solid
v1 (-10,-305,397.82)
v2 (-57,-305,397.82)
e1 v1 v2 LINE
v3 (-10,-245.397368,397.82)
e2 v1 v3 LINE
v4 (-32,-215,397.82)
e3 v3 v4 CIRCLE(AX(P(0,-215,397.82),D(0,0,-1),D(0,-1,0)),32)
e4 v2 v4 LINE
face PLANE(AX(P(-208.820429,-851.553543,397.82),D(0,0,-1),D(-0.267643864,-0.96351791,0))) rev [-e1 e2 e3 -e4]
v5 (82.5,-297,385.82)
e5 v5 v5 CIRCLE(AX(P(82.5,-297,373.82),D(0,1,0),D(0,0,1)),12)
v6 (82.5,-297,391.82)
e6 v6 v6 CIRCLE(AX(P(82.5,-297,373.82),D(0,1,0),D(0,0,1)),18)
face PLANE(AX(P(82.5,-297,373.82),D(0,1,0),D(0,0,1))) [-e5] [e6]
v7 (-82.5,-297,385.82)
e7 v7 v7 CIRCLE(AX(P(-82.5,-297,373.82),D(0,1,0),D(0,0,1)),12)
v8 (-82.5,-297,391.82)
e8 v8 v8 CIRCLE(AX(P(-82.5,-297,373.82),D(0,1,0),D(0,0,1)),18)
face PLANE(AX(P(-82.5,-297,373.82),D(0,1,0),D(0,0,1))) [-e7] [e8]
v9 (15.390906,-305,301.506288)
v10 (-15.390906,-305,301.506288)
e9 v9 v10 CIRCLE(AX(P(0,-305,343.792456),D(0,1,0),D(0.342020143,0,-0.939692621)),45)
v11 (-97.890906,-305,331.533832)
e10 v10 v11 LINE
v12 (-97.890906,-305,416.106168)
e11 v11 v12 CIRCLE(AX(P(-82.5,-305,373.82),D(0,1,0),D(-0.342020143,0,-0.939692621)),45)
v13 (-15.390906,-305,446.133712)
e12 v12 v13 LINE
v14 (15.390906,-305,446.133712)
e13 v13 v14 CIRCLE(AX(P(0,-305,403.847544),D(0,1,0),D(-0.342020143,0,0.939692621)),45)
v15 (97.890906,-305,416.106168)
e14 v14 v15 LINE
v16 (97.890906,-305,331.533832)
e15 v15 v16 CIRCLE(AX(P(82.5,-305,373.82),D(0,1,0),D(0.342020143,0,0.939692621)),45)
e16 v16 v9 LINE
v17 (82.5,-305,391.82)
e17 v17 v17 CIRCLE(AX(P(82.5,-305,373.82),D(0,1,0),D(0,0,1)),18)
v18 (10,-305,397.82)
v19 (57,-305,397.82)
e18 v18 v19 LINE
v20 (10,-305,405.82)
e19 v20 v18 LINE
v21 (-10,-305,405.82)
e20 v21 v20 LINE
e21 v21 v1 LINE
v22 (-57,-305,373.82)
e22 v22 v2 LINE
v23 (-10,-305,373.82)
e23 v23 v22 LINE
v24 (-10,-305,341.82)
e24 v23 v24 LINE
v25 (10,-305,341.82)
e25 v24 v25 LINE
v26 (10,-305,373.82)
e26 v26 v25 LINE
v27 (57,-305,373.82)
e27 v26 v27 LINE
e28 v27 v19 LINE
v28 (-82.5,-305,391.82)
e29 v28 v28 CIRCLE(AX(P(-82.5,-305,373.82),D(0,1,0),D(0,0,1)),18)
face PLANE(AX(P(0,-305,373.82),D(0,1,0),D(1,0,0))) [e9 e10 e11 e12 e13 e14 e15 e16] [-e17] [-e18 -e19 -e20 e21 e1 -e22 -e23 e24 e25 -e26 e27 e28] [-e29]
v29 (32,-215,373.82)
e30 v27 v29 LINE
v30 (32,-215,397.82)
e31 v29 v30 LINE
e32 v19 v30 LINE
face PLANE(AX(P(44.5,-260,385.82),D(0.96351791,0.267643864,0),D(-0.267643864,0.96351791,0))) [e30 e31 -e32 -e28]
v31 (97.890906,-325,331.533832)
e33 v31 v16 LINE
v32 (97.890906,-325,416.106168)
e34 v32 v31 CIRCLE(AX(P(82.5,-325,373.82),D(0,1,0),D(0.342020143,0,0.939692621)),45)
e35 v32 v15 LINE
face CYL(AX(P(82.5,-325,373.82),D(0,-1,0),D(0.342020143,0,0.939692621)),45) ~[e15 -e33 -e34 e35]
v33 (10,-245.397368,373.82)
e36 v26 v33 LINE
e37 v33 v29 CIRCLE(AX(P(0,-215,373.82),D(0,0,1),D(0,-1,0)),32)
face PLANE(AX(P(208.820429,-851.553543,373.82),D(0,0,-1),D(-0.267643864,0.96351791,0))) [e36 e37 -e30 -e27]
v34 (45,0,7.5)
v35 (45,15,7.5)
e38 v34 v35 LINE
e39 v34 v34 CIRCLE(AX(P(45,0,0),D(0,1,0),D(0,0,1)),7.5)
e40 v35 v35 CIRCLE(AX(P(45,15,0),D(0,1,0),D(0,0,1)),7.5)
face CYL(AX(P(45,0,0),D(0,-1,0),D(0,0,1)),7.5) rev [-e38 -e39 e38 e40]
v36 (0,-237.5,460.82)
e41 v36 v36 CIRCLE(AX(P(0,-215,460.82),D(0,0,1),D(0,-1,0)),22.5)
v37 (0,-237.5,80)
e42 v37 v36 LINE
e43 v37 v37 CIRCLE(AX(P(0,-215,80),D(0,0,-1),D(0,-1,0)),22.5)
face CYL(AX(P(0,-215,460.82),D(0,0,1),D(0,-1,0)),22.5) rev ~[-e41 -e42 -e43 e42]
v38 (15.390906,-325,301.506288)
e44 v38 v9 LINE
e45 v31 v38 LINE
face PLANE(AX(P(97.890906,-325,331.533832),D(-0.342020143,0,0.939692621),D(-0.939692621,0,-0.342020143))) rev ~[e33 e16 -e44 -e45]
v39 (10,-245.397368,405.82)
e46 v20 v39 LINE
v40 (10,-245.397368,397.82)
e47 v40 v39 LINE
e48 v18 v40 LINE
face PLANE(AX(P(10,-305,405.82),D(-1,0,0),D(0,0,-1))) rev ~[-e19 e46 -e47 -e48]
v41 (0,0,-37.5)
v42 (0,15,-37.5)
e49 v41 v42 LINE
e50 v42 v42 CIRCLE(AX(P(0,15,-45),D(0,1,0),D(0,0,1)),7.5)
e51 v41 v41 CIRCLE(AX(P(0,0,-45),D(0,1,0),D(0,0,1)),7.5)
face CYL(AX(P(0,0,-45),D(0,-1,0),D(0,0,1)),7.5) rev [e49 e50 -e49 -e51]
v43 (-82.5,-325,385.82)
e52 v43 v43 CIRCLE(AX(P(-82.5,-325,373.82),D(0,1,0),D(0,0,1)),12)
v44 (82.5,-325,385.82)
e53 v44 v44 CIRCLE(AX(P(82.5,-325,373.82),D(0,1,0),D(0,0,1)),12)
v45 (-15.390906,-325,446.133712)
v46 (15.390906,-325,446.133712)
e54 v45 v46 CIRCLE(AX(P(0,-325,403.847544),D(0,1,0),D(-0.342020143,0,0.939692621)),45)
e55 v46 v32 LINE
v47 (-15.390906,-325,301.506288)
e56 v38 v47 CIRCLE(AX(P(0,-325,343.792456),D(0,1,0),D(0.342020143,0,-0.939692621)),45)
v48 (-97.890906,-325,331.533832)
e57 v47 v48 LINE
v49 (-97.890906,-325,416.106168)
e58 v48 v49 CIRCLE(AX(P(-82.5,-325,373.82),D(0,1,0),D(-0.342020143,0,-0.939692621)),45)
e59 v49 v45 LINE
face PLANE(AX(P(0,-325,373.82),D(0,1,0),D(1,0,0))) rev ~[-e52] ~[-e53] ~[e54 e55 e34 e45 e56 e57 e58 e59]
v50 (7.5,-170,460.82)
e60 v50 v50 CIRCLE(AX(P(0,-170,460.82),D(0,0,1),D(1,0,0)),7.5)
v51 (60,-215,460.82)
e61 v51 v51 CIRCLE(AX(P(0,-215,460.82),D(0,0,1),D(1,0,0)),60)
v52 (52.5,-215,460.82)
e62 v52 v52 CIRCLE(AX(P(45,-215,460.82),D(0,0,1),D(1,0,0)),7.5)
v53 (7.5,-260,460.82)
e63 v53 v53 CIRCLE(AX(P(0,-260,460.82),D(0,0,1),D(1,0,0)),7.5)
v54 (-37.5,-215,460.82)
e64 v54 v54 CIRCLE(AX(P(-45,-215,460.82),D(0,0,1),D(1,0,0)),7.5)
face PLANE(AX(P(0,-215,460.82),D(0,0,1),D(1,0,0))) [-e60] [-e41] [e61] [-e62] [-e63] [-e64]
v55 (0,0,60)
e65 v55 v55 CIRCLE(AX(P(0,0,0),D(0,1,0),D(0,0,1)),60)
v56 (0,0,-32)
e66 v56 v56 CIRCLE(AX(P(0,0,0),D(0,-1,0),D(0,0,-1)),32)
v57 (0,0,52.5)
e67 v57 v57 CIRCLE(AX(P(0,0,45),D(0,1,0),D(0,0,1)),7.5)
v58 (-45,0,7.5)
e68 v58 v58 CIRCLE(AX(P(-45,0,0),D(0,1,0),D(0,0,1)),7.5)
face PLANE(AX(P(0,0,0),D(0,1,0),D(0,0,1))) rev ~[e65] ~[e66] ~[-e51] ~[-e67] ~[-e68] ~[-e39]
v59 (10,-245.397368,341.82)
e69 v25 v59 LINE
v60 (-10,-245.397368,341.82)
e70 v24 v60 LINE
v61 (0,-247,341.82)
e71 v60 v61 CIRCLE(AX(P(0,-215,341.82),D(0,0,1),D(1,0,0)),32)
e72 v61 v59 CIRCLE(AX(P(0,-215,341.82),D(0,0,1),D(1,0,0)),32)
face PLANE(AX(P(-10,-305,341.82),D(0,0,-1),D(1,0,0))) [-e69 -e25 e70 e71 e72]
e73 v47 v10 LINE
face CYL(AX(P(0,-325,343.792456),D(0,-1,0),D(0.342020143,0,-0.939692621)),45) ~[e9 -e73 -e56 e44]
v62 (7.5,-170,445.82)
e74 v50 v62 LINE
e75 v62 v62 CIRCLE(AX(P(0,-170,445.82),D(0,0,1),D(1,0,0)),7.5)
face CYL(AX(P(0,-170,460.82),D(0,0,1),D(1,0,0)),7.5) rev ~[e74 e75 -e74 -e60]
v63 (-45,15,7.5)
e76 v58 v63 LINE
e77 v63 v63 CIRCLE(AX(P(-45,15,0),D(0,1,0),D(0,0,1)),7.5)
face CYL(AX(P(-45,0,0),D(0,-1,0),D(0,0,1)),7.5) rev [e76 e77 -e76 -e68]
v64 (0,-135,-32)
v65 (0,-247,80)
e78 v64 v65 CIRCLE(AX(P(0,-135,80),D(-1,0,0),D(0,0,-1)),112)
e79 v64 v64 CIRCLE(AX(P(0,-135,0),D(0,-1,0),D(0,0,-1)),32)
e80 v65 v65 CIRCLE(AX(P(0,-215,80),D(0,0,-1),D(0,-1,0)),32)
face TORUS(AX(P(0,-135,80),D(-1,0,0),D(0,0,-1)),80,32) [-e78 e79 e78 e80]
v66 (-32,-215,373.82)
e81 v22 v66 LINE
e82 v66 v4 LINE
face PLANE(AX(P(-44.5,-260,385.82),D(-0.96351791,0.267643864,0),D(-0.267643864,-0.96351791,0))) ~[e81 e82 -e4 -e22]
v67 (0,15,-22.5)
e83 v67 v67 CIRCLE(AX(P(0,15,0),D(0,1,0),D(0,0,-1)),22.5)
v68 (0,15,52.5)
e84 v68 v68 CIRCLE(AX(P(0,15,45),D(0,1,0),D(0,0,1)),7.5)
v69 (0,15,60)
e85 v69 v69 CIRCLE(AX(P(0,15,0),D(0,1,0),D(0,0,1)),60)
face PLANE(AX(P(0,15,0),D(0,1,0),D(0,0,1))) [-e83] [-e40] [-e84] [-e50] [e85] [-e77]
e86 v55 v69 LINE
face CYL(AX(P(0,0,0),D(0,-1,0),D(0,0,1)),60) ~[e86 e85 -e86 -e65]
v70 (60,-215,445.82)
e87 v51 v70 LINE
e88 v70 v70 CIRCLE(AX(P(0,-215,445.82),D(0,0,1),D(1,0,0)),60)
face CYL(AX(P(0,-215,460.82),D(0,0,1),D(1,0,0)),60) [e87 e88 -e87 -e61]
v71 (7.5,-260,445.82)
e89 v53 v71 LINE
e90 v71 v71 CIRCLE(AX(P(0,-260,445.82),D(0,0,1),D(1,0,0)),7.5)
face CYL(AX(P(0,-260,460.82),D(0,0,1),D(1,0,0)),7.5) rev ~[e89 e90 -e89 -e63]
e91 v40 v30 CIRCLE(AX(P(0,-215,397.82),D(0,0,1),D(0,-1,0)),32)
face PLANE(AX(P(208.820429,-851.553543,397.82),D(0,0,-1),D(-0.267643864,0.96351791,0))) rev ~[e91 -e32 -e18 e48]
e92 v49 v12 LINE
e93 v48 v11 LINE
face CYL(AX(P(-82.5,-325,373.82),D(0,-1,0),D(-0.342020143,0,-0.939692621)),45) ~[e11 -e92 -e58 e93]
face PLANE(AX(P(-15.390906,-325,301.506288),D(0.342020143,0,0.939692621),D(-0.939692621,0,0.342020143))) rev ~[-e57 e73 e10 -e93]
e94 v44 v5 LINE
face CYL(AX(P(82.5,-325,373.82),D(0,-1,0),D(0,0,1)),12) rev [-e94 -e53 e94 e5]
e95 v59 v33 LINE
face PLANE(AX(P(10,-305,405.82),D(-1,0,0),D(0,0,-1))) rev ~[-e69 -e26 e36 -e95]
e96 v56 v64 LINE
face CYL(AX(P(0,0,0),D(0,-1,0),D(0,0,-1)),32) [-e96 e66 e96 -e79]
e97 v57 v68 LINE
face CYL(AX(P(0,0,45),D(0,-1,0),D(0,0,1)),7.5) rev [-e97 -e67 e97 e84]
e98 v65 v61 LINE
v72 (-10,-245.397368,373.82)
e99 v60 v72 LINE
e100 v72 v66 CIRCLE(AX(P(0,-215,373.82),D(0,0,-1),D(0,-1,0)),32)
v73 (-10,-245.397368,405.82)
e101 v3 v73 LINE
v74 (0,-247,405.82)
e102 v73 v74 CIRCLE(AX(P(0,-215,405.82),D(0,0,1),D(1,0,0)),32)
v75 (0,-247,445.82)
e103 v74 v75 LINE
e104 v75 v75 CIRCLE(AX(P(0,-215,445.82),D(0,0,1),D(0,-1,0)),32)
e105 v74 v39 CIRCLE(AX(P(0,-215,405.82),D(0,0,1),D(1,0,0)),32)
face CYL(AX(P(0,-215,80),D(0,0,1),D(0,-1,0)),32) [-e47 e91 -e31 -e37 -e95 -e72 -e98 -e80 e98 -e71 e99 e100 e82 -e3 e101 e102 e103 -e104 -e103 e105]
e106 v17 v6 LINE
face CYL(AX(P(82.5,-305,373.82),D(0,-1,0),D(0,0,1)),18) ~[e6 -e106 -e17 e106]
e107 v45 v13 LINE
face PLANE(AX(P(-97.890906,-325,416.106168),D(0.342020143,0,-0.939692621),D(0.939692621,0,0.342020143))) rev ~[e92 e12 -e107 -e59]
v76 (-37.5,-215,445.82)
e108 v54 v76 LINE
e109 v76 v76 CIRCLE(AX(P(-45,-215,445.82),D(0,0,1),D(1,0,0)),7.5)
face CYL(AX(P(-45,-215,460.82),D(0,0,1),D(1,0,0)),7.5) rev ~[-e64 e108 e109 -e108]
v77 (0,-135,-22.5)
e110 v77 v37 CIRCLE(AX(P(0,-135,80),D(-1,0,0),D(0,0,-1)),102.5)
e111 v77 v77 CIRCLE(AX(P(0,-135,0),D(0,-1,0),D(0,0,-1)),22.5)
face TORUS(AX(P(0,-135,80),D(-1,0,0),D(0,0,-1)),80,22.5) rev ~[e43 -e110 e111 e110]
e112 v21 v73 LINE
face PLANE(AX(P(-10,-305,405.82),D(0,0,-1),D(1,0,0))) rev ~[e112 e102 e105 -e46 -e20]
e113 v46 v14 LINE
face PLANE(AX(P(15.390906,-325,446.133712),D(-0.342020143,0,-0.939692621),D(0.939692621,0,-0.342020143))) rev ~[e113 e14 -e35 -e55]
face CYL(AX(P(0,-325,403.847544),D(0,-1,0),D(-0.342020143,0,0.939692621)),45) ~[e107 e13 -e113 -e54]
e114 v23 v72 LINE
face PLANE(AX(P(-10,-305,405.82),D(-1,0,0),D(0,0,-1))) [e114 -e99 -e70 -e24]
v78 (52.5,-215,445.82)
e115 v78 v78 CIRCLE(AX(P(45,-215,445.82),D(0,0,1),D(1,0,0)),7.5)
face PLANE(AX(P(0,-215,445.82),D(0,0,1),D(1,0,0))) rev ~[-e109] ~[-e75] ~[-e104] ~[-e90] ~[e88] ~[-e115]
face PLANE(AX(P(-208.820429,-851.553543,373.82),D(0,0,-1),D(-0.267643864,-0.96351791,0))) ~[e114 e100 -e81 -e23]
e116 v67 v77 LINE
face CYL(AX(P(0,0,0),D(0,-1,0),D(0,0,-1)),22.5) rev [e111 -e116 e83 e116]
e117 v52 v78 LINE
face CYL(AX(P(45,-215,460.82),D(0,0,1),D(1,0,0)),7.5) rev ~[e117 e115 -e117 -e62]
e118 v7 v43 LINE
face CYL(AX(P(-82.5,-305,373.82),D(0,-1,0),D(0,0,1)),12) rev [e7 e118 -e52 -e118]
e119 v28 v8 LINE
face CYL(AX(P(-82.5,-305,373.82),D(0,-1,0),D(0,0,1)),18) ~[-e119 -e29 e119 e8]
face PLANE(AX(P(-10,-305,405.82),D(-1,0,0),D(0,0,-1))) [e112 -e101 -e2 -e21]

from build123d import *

# Parameters (mm, degrees)
SWEEP_THIN1_PROFILE_R    = 32
SWEEP_THIN1_PROFILE_R_2  = 22.5
SKETCH16_R               = 60
SKETCH16_R_2             = 7.5
SKETCH16_R_3             = 22.5
BOSS_EXTRUDE1_DEPTH      = 15
BOSS_EXTRUDE2_START      = 15
SKETCH17_R               = 60
SKETCH17_R_2             = 22.5
SKETCH17_R_3             = 7.5
BOSS_EXTRUDE2_DEPTH      = 15
SKETCH24_R               = 12
BOSS_EXTRUDE3_DEPTH      = 20
EXTRUDE_THIN1_REACH      = 577.336
EXTRUDE_THIN1_END_RADIUS = 32
SKETCH26_W               = 20
SKETCH26_H               = 64
RIB1_REACH               = 568.248
SKETCH27_WALL_W          = 1227.903575826
SKETCH27_WALL_H          = 24
SKETCH28_R               = 18
SKETCH28_R_2             = 12
BOSS_EXTRUDE4_DEPTH      = 8


with BuildPart() as part:
    # Sweep-Thin1: sweep along a path in Sketch1
    with BuildLine(Plane(origin=(0, 0, 0), x_dir=(0, 0, -1), z_dir=(1, 0, 0))) as sweep_thin1_path:
        Line((0, 0), (0, -135))
        ThreePointArc((0, -135), (-23.431457505, -191.568542495), (-80, -215))
        Line((-80, -215), (-445.82, -215))
    # Sweep-Thin1 profile (on start of the path) → Sweep-Thin1 (sweep)
    with BuildSketch(Plane(origin=(0, 0, 0), x_dir=(0, 0, -1), z_dir=(0, -1, 0))):
        Circle(SWEEP_THIN1_PROFILE_R)
        Circle(SWEEP_THIN1_PROFILE_R_2, mode=Mode.SUBTRACT)
    sweep(path=sweep_thin1_path.line)

    # Sketch16 → Boss-Extrude1 (add)
    with BuildSketch(Plane(origin=(0, 0, 0), x_dir=(1, 0, 0), z_dir=(0, 1, 0))):
        with Locations(Location((0, 0, 0), (0, 0, 270))):
            Circle(SKETCH16_R)
        with Locations(Location((0, -45, 0), (0, 0, 270))):
            Circle(SKETCH16_R_2, mode=Mode.SUBTRACT)
        with Locations(Location((-45, 0, 0), (0, 0, 270))):
            Circle(SKETCH16_R_2, mode=Mode.SUBTRACT)
        with Locations(Location((0, 45, 0), (0, 0, 270))):
            Circle(SKETCH16_R_2, mode=Mode.SUBTRACT)
        with Locations(Location((45, 0, 0), (0, 0, 270))):
            Circle(SKETCH16_R_2, mode=Mode.SUBTRACT)
        with Locations(Location((0, 0, 0), (0, 0, 90))):
            Circle(SKETCH16_R_3, mode=Mode.SUBTRACT)
    extrude(amount=BOSS_EXTRUDE1_DEPTH)

    # Sketch17 → Boss-Extrude2 (add)
    with BuildSketch(Plane.XY.offset(445.82).offset(BOSS_EXTRUDE2_START)):
        with Locations((0, -215)):
            Circle(SKETCH17_R)
        with Locations(Location((0, -215, 0), (0, 0, 270))):
            Circle(SKETCH17_R_2, mode=Mode.SUBTRACT)
        with Locations((0, -260)):
            Circle(SKETCH17_R_3, mode=Mode.SUBTRACT)
        with Locations((-45, -215)):
            Circle(SKETCH17_R_3, mode=Mode.SUBTRACT)
        with Locations((45, -215)):
            Circle(SKETCH17_R_3, mode=Mode.SUBTRACT)
        with Locations((0, -170)):
            Circle(SKETCH17_R_3, mode=Mode.SUBTRACT)
    extrude(amount=-BOSS_EXTRUDE2_DEPTH)



with BuildPart() as body_2:
    # Sketch24 → Boss-Extrude3 (new body)
    with BuildSketch(Plane(origin=(0, -325, 0), x_dir=(1, 0, 0), z_dir=(0, 1, 0))):
        with BuildLine():
            Line((15.39090645, -446.133712262), (97.89090645, -416.106167935))
            ThreePointArc((97.89090645, -416.106167935), (127.5, -373.82), (97.89090645, -331.533832065))
            Line((97.89090645, -331.533832065), (15.39090645, -301.506287738))
            ThreePointArc((15.39090645, -301.506287738), (0, -298.792455673), (-15.39090645, -301.506287738))
            Line((-15.39090645, -301.506287738), (-97.89090645, -331.533832065))
            ThreePointArc((-97.89090645, -331.533832065), (-127.5, -373.82), (-97.89090645, -416.106167935))
            Line((-97.89090645, -416.106167935), (-15.39090645, -446.133712262))
            ThreePointArc((-15.39090645, -446.133712262), (0, -448.847544327), (15.39090645, -446.133712262))
        make_face()
        with Locations(Location((-82.5, -373.82, 0), (0, 0, 270))):
            Circle(SKETCH24_R, mode=Mode.SUBTRACT)
        with Locations(Location((82.5, -373.82, 0), (0, 0, 270))):
            Circle(SKETCH24_R, mode=Mode.SUBTRACT)
    extrude(amount=BOSS_EXTRUDE3_DEPTH)


with BuildPart() as part_1:
    add(part.part)

    add(body_2.part)  # Extrude-Thin1 merges body 2
    # Extrude-Thin1: up to this cylinder (the profile starts outside it)
    extrude_thin1_end = Plane(origin=(0, -215, 373.82), z_dir=(0, 0, 1)) * Cylinder(EXTRUDE_THIN1_END_RADIUS, 1219.672, mode=Mode.PRIVATE)
    # Sketch26 → Extrude-Thin1 (add, up to the surface)
    with BuildSketch(Plane(origin=(0, -305, 0), x_dir=(1, 0, 0), z_dir=(0, 1, 0)), mode=Mode.PRIVATE) as extrude_thin1_sk1:
        with Locations((0, -373.82)):
            Rectangle(SKETCH26_W, SKETCH26_H)
    extrude_thin1_tool1 = extrude(extrude_thin1_sk1.sketch, amount=EXTRUDE_THIN1_REACH, mode=Mode.PRIVATE) - extrude_thin1_end
    add(extrude_thin1_tool1.solids().sort_by_distance((0, -305, 373.82))[0])

    # Sketch27 wall → Rib1 (add, up to next)
    with BuildSketch(Plane(origin=(44.5, -260, 385.82), x_dir=(-0.267643863786, 0.96351790963, 0), z_dir=(0.96351790963, 0.267643863786, 0)), mode=Mode.PRIVATE) as rib1_sk1:
        Rectangle(SKETCH27_WALL_W, SKETCH27_WALL_H)
    rib1_tool1 = extrude(rib1_sk1.sketch, amount=-RIB1_REACH, mode=Mode.PRIVATE) - part_1.part
    rib1 = rib1_tool1.solids().sort_by_distance((44.5, -260, 385.82))[0]
    add(rib1)

    # Mirror3: Rib1 across plane
    add(rib1.mirror(Plane(origin=(0, 0, 0), x_dir=(0, 0, 1), z_dir=(1, 0, 0))))

    # Sketch28 → Boss-Extrude4 (add)
    # profile 1 of 2: a face of its own
    with BuildSketch(Plane(origin=(0, -305, 0), x_dir=(1, 0, 0), z_dir=(0, 1, 0))):
        with Locations(Location((-82.5, -373.82, 0), (0, 0, 270))):
            Circle(SKETCH28_R)
        with Locations(Location((-82.5, -373.82, 0), (0, 0, 270))):
            Circle(SKETCH28_R_2, mode=Mode.SUBTRACT)
    # profile 2 of 2: a face of its own
    with BuildSketch(Plane(origin=(0, -305, 0), x_dir=(1, 0, 0), z_dir=(0, 1, 0))):
        with Locations(Location((82.5, -373.82, 0), (0, 0, 270))):
            Circle(SKETCH28_R)
        with Locations(Location((82.5, -373.82, 0), (0, 0, 270))):
            Circle(SKETCH28_R_2, mode=Mode.SUBTRACT)
    extrude(amount=BOSS_EXTRUDE4_DEPTH)


solid = part_1.part
